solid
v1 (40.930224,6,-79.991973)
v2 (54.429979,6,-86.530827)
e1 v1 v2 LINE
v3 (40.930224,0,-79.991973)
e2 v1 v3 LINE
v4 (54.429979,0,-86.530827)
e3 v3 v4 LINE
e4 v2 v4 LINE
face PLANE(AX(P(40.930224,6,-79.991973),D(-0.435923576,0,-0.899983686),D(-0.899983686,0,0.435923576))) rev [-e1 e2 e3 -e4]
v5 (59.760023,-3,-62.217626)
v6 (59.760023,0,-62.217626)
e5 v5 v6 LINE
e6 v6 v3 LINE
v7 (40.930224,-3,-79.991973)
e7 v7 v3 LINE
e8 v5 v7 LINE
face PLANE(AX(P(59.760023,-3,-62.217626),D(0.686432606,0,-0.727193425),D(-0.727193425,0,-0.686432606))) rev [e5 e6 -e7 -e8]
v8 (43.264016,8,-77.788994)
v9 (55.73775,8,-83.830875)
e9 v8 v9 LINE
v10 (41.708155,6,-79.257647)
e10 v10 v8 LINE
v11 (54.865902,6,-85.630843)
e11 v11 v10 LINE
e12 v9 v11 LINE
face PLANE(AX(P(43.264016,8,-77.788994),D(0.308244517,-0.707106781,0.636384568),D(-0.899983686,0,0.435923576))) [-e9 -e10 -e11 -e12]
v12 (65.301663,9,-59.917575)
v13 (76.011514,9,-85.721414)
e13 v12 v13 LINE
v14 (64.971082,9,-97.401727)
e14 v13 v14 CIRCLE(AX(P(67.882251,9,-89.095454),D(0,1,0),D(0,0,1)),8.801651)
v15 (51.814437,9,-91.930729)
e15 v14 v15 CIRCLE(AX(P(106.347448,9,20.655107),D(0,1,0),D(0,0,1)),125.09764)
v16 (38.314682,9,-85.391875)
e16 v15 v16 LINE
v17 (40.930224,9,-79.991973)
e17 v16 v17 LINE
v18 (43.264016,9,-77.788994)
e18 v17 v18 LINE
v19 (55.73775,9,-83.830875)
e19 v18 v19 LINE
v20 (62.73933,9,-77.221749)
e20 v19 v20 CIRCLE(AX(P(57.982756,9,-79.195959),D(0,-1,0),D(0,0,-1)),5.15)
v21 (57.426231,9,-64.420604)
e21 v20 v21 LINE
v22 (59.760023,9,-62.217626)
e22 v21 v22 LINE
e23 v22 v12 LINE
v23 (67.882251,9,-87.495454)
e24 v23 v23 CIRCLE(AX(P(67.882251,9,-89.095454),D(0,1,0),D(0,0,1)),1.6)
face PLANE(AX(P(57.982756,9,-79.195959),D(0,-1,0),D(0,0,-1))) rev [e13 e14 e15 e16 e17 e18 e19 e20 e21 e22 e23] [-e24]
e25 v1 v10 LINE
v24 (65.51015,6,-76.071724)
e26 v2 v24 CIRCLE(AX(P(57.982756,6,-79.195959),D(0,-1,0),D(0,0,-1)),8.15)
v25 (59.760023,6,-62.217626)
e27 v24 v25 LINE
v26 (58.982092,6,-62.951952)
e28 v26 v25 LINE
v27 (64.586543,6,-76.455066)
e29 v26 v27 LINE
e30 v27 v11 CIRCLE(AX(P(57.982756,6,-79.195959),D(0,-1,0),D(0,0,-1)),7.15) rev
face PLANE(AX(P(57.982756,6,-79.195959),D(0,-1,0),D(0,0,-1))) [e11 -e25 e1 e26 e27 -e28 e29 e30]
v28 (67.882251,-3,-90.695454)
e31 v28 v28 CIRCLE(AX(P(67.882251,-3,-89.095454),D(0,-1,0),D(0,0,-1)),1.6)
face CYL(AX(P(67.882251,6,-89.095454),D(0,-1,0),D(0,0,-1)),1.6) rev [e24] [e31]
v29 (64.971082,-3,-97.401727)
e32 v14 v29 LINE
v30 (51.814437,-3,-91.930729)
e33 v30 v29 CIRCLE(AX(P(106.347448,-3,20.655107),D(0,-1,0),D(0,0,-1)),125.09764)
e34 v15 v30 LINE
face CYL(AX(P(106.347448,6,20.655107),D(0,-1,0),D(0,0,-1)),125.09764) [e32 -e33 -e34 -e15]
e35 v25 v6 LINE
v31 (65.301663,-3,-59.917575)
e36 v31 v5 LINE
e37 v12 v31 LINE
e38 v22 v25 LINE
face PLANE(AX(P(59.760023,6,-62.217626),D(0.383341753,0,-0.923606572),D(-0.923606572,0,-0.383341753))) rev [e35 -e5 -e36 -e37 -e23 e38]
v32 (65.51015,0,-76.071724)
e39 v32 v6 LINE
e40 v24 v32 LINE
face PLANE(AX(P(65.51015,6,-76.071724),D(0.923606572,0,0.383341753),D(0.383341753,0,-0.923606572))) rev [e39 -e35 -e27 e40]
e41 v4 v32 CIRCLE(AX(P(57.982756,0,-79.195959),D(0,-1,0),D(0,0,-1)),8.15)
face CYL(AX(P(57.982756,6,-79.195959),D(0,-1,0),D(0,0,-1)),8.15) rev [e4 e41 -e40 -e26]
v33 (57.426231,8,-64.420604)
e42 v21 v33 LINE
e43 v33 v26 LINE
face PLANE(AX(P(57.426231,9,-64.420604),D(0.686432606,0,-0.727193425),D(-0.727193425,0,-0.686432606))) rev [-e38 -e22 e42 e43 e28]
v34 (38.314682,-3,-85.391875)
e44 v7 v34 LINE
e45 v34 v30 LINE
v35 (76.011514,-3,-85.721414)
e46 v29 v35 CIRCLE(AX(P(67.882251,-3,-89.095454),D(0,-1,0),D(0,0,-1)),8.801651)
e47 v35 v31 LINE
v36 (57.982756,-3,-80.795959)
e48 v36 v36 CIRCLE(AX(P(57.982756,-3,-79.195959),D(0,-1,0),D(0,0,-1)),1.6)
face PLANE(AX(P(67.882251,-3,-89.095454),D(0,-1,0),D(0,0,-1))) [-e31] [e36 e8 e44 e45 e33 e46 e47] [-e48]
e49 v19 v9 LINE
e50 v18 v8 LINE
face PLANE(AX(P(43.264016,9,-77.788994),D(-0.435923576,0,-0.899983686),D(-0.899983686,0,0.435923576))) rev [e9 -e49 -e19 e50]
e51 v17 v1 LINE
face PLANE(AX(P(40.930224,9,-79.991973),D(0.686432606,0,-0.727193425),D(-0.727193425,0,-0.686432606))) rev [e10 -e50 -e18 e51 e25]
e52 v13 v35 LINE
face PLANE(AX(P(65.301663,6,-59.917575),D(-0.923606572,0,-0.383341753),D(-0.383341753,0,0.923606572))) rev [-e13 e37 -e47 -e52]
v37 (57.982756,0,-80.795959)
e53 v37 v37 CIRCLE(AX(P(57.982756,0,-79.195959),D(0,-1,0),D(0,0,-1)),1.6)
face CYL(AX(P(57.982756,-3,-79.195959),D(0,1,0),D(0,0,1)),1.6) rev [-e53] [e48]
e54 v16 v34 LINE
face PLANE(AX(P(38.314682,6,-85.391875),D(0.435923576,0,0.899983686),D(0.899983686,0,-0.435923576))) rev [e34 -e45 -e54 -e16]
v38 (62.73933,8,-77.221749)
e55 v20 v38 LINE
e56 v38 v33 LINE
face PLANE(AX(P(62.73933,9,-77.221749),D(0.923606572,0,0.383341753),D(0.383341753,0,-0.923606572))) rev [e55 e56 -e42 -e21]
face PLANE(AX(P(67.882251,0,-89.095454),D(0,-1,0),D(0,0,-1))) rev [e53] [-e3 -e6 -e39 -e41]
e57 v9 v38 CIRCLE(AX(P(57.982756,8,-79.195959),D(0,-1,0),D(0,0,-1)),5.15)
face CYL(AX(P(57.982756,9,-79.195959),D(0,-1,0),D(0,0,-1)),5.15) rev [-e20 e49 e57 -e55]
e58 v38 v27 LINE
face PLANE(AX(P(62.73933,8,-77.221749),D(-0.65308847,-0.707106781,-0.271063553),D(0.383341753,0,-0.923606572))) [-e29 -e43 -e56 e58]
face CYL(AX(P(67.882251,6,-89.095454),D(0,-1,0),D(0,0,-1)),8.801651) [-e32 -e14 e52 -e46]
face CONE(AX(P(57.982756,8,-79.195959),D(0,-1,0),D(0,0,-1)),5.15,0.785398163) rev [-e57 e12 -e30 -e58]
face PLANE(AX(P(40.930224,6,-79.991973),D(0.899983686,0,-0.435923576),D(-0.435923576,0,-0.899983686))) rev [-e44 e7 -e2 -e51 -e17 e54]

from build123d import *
from build123d.topology import SkipClean

# Parameters (mm, degrees)
SKETCH1_R           = 1.6
BOSS_EXTRUDE1_DEPTH = 6
BOSS_EXTRUDE3_START = 3
SKETCH7_R           = 1.6
BOSS_EXTRUDE3_DEPTH = 3
SKETCH8_R           = 1.6
BOSS_EXTRUDE4_DEPTH = 3
CHAMFER1_SIZE       = 2


with BuildPart() as part:
    # Sketch1 → Boss-Extrude1 (new body)
    with BuildSketch(Plane(origin=(0, 0, 0), x_dir=(1, 0, 0), z_dir=(0, 1, 0))):
        with BuildLine():
            Line((40.930223616, 79.991972891), (54.42997891, 86.530826536))
            ThreePointArc((54.42997891, 86.530826536), (63.577181794, 85.122585909), (65.51014962, 76.071724202))
            Line((65.51014962, 76.071724202), (59.760023318, 62.21762562))
            Line((59.760023318, 62.21762562), (65.30166275, 59.917575099))
            Line((65.30166275, 59.917575099), (76.011513854, 85.721414039))
            ThreePointArc((76.011513854, 85.721414039), (74.278699447, 95.141487045), (64.97108226, 97.401726747))
            ThreePointArc((64.97108226, 97.401726747), (58.314802122, 94.853700296), (51.814437452, 91.930728654))
            Line((51.814437452, 91.930728654), (38.314682158, 85.391875009))
            Line((38.314682158, 85.391875009), (40.930223616, 79.991972891))
        make_face()
        with Locations(Location((67.882250994, 89.09545443, 0), (0, 0, 270))):
            Circle(SKETCH1_R, mode=Mode.SUBTRACT)
    extrude(amount=BOSS_EXTRUDE1_DEPTH)

    # Sketch7 → Boss-Extrude3 (add)
    with SkipClean():  # the faces are left unmerged after this step: merging them gives an invalid solid
        with BuildSketch(Plane.XZ.offset(BOSS_EXTRUDE3_START)):
            with BuildLine():
                Line((76.011513854, -85.721414039), (65.30166275, -59.917575099))
                Line((65.30166275, -59.917575099), (59.760023318, -62.21762562))
                Line((59.760023318, -62.21762562), (40.930223616, -79.991972891))
                Line((40.930223616, -79.991972891), (38.314682158, -85.391875009))
                Line((38.314682158, -85.391875009), (51.814437452, -91.930728654))
                ThreePointArc((51.814437452, -91.930728654), (58.314802122, -94.853700296), (64.97108226, -97.401726747))
                ThreePointArc((64.97108226, -97.401726747), (74.278699447, -95.141487045), (76.011513854, -85.721414039))
            make_face()
            with Locations(Location((67.882250994, -89.09545443, 0), (0, 0, 270))):
                Circle(SKETCH7_R, mode=Mode.SUBTRACT)
            with Locations(Location((57.982756057, -79.195959493, 0), (0, 0, 270))):
                Circle(SKETCH7_R, mode=Mode.SUBTRACT)
        extrude(amount=-BOSS_EXTRUDE3_DEPTH)

    # Sketch8 → Boss-Extrude4 (add)
    with BuildSketch(Plane(origin=(0, 6, 0), x_dir=(1, 0, 0), z_dir=(0, 1, 0))):
        with BuildLine():
            Line((38.314682158, 85.391875009), (40.930223616, 79.991972891))
            Line((40.930223616, 79.991972891), (43.264016412, 77.788994406))
            Line((43.264016412, 77.788994406), (55.737749639, 83.830875477))
            ThreePointArc((55.737749639, 83.830875477), (61.517883977, 82.941005633), (62.739329904, 77.221749462))
            Line((62.739329904, 77.221749462), (57.426230521, 64.420604105))
            Line((57.426230521, 64.420604105), (59.760023318, 62.21762562))
            Line((59.760023318, 62.21762562), (65.30166275, 59.917575099))
            Line((65.30166275, 59.917575099), (76.011513854, 85.721414039))
            ThreePointArc((76.011513854, 85.721414039), (74.278699447, 95.141487045), (64.97108226, 97.401726747))
            ThreePointArc((64.97108226, 97.401726747), (58.314802122, 94.853700296), (51.814437452, 91.930728654))
            Line((51.814437452, 91.930728654), (38.314682158, 85.391875009))
        make_face()
        with Locations(Location((67.882250994, 89.09545443, 0), (0, 0, 90))):
            Circle(SKETCH8_R, mode=Mode.SUBTRACT)
    extrude(amount=BOSS_EXTRUDE4_DEPTH)

    # Chamfer1
    chamfer1_edges = [part.edges().sort_by_distance(p)[0] for p in [
        (49.500883026, 6, -80.809934942),
        (61.517883977, 6, -82.941005633),
        (60.082780212, 6, -70.821176784),
    ]]
    chamfer(chamfer1_edges, length=CHAMFER1_SIZE)


solid = part.part
